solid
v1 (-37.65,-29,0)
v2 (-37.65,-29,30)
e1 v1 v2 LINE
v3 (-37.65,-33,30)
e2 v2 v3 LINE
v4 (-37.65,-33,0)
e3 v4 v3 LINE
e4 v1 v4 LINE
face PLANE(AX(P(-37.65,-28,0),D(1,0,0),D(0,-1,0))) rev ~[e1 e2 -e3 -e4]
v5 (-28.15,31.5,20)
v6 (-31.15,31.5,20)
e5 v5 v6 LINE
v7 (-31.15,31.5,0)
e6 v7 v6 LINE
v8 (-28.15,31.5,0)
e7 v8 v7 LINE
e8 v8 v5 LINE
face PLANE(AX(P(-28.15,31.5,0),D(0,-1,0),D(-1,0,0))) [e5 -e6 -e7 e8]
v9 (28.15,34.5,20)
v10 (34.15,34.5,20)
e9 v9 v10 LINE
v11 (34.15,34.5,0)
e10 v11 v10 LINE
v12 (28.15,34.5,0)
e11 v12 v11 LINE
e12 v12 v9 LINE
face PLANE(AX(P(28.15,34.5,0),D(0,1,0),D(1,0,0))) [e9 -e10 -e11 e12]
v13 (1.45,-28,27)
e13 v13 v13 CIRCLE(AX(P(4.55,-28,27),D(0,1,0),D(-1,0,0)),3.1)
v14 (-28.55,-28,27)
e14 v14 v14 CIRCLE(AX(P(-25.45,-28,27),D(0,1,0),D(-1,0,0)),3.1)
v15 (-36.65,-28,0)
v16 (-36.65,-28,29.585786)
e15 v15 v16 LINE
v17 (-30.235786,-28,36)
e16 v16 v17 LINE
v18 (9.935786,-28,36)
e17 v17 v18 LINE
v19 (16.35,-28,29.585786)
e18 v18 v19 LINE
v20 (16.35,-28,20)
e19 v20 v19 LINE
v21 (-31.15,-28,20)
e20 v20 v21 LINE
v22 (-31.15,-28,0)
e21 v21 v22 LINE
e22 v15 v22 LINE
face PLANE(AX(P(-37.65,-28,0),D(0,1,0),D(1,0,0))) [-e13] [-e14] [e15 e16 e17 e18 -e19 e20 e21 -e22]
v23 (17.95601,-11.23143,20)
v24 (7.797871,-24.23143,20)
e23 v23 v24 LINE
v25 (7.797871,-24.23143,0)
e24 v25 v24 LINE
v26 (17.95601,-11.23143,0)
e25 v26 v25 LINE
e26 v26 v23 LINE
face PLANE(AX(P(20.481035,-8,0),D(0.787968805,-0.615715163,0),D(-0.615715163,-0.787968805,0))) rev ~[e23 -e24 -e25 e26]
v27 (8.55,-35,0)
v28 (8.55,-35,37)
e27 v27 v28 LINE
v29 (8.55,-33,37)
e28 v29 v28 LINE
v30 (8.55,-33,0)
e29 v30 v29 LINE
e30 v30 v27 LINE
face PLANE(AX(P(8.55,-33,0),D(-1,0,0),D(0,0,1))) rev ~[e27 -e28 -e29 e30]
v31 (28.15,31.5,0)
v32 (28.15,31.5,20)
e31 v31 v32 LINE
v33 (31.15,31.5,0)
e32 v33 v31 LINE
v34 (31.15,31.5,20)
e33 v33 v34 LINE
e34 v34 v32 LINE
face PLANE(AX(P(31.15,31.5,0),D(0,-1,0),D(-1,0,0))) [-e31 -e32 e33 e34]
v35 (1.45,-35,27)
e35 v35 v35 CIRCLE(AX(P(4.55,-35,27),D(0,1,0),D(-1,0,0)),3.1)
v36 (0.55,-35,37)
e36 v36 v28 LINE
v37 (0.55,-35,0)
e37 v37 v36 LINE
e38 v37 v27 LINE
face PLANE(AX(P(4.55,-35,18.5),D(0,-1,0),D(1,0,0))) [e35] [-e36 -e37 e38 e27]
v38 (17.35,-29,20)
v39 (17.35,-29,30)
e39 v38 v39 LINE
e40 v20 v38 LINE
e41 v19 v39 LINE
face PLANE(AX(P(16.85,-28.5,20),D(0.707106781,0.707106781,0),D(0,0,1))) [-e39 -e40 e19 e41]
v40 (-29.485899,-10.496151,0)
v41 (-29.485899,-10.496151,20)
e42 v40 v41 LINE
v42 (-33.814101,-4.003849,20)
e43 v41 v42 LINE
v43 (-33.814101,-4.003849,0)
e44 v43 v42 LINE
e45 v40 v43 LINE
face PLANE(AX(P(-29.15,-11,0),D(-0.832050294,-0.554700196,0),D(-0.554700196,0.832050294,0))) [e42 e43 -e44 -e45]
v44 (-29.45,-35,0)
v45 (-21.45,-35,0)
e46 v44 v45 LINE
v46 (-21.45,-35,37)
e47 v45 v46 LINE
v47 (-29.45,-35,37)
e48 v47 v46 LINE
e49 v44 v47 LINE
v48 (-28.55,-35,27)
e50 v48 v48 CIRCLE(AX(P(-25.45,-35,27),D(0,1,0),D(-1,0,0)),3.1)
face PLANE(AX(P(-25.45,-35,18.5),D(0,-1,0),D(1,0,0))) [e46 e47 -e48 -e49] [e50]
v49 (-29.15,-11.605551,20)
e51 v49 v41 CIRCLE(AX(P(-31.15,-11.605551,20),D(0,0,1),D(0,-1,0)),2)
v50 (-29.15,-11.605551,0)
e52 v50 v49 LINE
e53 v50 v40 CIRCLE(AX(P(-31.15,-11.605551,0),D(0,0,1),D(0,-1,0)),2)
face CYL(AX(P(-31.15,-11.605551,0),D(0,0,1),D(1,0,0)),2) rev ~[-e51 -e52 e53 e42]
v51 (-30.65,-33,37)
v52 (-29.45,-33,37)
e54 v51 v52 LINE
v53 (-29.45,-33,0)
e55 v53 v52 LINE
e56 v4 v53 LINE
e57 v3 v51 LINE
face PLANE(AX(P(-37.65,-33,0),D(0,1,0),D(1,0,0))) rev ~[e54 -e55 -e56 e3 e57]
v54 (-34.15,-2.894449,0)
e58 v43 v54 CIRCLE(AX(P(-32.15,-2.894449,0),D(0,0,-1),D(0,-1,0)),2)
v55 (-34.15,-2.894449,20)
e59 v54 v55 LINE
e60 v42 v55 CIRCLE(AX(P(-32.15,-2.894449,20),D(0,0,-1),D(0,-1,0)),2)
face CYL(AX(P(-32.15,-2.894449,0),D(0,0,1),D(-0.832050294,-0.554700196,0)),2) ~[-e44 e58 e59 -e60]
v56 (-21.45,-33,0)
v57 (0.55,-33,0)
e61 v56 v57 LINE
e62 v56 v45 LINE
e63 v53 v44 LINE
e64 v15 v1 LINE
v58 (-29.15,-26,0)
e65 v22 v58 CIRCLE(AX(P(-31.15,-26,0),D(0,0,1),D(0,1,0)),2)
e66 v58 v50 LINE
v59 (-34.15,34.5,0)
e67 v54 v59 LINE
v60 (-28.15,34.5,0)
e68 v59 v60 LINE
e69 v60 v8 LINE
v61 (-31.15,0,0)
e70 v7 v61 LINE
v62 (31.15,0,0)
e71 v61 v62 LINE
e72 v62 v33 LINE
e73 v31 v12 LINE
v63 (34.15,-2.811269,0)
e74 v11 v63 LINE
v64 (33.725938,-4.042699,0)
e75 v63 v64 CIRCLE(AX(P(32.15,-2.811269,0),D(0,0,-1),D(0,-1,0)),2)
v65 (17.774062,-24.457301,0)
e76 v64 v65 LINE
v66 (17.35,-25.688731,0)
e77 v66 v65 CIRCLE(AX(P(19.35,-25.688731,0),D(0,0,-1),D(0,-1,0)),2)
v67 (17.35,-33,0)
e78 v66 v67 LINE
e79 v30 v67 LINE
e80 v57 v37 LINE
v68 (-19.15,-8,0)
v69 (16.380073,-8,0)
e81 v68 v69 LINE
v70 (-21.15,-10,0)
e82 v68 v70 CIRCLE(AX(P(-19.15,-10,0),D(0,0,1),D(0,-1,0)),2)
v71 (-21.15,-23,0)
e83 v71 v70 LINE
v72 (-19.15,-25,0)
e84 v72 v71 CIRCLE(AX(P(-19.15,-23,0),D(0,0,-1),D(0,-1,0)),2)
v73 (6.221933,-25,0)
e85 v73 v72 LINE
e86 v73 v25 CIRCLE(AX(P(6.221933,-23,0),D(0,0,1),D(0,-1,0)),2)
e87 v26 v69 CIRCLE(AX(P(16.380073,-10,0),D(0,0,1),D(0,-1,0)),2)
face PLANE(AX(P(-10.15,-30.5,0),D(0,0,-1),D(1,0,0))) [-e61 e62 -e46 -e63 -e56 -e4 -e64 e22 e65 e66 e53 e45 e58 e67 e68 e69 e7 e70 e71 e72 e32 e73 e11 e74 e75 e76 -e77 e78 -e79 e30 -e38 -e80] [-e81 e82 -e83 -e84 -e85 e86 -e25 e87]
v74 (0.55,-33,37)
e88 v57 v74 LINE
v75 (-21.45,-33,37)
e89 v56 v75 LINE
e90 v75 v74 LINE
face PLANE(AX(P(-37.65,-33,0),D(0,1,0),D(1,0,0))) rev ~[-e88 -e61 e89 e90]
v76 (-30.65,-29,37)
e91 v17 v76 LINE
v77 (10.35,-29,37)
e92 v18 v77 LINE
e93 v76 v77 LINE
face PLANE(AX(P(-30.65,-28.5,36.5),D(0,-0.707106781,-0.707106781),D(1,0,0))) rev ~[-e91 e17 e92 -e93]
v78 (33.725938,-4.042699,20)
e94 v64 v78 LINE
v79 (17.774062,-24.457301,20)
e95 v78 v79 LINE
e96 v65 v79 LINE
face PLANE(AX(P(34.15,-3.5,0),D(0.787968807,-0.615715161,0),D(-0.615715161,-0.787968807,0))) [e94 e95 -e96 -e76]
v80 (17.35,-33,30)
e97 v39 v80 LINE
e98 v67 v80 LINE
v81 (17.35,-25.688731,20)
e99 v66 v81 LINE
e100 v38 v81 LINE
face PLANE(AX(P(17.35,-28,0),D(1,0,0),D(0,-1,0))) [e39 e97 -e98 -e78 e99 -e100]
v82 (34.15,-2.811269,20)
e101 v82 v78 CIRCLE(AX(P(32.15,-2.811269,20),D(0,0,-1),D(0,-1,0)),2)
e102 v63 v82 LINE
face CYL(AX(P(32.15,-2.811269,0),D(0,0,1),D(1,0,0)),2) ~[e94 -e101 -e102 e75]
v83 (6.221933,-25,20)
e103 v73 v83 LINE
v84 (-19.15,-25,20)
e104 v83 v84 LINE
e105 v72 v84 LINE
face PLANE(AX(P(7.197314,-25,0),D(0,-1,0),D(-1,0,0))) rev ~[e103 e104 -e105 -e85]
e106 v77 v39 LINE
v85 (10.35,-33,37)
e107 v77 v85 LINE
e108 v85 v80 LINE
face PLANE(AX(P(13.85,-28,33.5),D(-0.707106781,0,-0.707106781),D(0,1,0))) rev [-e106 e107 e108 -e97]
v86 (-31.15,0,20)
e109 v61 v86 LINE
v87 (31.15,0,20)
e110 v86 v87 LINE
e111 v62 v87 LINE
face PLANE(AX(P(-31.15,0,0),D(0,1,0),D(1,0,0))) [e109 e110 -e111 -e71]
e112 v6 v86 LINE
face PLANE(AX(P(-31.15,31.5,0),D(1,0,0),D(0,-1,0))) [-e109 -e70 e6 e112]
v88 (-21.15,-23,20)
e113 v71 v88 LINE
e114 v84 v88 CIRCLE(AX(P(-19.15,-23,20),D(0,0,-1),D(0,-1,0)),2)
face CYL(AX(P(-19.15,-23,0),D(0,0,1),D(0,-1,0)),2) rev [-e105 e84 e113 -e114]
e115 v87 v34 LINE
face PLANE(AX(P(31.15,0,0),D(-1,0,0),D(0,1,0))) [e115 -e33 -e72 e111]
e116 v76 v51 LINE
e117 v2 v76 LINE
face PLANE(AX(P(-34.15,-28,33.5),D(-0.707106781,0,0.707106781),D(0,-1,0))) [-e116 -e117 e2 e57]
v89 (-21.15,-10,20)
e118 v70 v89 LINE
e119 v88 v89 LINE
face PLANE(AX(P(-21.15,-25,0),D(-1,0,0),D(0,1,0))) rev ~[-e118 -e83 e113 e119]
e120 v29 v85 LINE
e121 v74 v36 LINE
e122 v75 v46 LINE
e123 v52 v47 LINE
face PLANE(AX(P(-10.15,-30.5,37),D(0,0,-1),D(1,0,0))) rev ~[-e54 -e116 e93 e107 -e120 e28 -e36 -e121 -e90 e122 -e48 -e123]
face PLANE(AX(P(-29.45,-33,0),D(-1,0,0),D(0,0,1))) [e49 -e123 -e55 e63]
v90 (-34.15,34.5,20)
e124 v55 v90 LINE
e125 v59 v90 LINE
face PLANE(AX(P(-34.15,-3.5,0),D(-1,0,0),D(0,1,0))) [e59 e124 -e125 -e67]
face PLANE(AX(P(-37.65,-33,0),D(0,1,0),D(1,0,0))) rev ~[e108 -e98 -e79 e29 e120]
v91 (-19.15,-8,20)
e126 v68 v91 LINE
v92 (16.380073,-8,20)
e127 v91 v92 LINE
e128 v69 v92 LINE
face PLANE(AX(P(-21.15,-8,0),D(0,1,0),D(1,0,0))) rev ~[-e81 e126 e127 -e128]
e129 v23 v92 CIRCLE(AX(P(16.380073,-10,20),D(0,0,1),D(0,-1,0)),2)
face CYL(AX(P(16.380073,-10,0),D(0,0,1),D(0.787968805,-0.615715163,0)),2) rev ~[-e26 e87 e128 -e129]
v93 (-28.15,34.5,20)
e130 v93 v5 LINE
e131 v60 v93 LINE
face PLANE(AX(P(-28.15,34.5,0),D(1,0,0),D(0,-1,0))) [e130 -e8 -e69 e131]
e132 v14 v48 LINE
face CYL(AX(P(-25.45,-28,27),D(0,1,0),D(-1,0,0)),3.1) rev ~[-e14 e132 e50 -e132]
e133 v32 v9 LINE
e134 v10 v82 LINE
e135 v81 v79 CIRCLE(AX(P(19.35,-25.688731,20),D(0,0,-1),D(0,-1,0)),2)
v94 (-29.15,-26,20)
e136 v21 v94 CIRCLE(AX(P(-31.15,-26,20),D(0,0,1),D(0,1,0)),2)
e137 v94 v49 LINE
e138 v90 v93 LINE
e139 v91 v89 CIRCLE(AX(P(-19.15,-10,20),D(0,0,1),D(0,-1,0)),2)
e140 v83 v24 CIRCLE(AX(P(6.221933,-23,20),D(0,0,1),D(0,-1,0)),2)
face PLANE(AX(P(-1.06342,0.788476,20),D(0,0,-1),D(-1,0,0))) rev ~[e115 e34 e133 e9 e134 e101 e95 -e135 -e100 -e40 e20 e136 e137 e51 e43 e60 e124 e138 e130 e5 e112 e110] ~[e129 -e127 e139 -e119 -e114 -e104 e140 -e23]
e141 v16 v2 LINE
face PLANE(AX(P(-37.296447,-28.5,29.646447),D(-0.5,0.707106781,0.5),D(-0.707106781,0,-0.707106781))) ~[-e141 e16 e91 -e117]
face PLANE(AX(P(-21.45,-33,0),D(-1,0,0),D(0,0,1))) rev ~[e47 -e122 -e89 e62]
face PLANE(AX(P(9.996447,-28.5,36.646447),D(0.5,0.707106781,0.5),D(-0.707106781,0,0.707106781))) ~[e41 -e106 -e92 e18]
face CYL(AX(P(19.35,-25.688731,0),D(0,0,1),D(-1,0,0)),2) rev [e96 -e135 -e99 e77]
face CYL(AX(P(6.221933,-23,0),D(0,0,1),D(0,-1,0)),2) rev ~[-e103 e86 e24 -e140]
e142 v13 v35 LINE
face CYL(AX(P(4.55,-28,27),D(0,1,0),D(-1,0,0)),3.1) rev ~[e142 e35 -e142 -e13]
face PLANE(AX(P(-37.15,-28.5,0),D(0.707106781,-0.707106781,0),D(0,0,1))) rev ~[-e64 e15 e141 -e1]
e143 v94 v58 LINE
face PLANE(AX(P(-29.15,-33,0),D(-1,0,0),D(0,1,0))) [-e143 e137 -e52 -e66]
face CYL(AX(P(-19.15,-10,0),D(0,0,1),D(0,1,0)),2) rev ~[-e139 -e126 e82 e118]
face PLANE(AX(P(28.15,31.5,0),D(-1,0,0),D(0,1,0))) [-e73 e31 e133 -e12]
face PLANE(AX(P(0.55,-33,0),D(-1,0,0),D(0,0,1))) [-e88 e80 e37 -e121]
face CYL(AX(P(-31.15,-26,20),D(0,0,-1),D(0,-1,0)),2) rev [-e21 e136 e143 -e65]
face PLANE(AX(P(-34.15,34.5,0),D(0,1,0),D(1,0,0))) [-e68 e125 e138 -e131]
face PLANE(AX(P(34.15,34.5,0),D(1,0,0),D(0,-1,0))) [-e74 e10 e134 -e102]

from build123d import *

# Parameters (mm, degrees)
PAD_DEPTH       = 20
SKETCH001_W     = 55
SKETCH001_H     = 5
PAD001_DEPTH    = 37
SKETCH002_W     = 8
SKETCH002_H     = 37
PAD002_DEPTH    = 2
SKETCH003_R     = 3.1
POCKET_DEPTH    = 7.001
CHAMFER_SIZE    = 7
FILLET_R        = 2
CHAMFER001_SIZE = 1


with BuildPart() as part:
    # Sketch → Pad (new body)
    with BuildSketch(Plane.XY):
        Polygon((-31.15, 0), (31.15, 0), (31.15, 31.5), (28.15, 31.5), (28.15, 34.5), (34.15, 34.5), (34.15, -3.5), (17.35, -25), (17.35, -33), (-29.15, -33), (-29.15, -11), (-34.15, -3.5), (-34.15, 34.5), (-28.15, 34.5), (-28.15, 31.5), (-31.15, 31.5), align=None)
        Polygon((-21.15, -8), (20.481035, -8), (7.197314, -25), (-21.15, -25), align=None, mode=Mode.SUBTRACT)
    extrude(amount=PAD_DEPTH)

    # Sketch001 (on Face21 of Pad) → Pad001 (join)
    with BuildSketch(Plane(origin=(0, 0, 0), x_dir=(1, 0, 0), z_dir=(0, 0, -1))):
        with Locations((-10.15, 30.5)):
            Rectangle(SKETCH001_W, SKETCH001_H)
    extrude(amount=-PAD001_DEPTH)

    # Sketch002 (on Face25 of Pad001) → Pad002 (join)
    with BuildSketch(Plane.XZ.offset(33)):
        with Locations((4.55, 18.5)):
            Rectangle(SKETCH002_W, SKETCH002_H)
        with Locations((-25.45, 18.5)):
            Rectangle(SKETCH002_W, SKETCH002_H)
    extrude(amount=PAD002_DEPTH)

    # Sketch003 (on Face19 of Pad002) → Pocket (cut, through all)
    with BuildSketch(Plane(origin=(0, -28, 0), x_dir=(-1, 0, 0), z_dir=(0, 1, 0))):
        with Locations((-4.55, 27)):
            Circle(SKETCH003_R)
        with Locations((25.45, 27)):
            Circle(SKETCH003_R)
    extrude(amount=-POCKET_DEPTH, mode=Mode.SUBTRACT)

    # Chamfer
    chamfer_edges = [part.edges().sort_by_distance(p)[0] for p in [
        (-37.65, -30.5, 37),
        (17.35, -30.5, 37),
    ]]
    chamfer(chamfer_edges, length=CHAMFER_SIZE)

    # Fillet
    fillet_edges = [part.edges().sort_by_distance(p)[0] for p in [
        (-29.15, -28, 10),
        (-29.15, -11, 10),
        (-34.15, -3.5, 10),
        (17.35, -25, 10),
        (34.15, -3.5, 10),
        (7.197314, -25, 10),
        (20.481035, -8, 10),
        (-21.15, -8, 10),
        (-21.15, -25, 10),
    ]]
    fillet(fillet_edges, radius=FILLET_R)

    # Chamfer001
    chamfer001_edges = [part.edges().sort_by_distance(p)[0] for p in [
        (-34.15, -28, 33.5),
        (-37.65, -28, 15),
        (-10.15, -28, 37),
        (13.85, -28, 33.5),
        (17.35, -28, 25),
    ]]
    chamfer(chamfer001_edges, length=CHAMFER001_SIZE)


solid = part.part
